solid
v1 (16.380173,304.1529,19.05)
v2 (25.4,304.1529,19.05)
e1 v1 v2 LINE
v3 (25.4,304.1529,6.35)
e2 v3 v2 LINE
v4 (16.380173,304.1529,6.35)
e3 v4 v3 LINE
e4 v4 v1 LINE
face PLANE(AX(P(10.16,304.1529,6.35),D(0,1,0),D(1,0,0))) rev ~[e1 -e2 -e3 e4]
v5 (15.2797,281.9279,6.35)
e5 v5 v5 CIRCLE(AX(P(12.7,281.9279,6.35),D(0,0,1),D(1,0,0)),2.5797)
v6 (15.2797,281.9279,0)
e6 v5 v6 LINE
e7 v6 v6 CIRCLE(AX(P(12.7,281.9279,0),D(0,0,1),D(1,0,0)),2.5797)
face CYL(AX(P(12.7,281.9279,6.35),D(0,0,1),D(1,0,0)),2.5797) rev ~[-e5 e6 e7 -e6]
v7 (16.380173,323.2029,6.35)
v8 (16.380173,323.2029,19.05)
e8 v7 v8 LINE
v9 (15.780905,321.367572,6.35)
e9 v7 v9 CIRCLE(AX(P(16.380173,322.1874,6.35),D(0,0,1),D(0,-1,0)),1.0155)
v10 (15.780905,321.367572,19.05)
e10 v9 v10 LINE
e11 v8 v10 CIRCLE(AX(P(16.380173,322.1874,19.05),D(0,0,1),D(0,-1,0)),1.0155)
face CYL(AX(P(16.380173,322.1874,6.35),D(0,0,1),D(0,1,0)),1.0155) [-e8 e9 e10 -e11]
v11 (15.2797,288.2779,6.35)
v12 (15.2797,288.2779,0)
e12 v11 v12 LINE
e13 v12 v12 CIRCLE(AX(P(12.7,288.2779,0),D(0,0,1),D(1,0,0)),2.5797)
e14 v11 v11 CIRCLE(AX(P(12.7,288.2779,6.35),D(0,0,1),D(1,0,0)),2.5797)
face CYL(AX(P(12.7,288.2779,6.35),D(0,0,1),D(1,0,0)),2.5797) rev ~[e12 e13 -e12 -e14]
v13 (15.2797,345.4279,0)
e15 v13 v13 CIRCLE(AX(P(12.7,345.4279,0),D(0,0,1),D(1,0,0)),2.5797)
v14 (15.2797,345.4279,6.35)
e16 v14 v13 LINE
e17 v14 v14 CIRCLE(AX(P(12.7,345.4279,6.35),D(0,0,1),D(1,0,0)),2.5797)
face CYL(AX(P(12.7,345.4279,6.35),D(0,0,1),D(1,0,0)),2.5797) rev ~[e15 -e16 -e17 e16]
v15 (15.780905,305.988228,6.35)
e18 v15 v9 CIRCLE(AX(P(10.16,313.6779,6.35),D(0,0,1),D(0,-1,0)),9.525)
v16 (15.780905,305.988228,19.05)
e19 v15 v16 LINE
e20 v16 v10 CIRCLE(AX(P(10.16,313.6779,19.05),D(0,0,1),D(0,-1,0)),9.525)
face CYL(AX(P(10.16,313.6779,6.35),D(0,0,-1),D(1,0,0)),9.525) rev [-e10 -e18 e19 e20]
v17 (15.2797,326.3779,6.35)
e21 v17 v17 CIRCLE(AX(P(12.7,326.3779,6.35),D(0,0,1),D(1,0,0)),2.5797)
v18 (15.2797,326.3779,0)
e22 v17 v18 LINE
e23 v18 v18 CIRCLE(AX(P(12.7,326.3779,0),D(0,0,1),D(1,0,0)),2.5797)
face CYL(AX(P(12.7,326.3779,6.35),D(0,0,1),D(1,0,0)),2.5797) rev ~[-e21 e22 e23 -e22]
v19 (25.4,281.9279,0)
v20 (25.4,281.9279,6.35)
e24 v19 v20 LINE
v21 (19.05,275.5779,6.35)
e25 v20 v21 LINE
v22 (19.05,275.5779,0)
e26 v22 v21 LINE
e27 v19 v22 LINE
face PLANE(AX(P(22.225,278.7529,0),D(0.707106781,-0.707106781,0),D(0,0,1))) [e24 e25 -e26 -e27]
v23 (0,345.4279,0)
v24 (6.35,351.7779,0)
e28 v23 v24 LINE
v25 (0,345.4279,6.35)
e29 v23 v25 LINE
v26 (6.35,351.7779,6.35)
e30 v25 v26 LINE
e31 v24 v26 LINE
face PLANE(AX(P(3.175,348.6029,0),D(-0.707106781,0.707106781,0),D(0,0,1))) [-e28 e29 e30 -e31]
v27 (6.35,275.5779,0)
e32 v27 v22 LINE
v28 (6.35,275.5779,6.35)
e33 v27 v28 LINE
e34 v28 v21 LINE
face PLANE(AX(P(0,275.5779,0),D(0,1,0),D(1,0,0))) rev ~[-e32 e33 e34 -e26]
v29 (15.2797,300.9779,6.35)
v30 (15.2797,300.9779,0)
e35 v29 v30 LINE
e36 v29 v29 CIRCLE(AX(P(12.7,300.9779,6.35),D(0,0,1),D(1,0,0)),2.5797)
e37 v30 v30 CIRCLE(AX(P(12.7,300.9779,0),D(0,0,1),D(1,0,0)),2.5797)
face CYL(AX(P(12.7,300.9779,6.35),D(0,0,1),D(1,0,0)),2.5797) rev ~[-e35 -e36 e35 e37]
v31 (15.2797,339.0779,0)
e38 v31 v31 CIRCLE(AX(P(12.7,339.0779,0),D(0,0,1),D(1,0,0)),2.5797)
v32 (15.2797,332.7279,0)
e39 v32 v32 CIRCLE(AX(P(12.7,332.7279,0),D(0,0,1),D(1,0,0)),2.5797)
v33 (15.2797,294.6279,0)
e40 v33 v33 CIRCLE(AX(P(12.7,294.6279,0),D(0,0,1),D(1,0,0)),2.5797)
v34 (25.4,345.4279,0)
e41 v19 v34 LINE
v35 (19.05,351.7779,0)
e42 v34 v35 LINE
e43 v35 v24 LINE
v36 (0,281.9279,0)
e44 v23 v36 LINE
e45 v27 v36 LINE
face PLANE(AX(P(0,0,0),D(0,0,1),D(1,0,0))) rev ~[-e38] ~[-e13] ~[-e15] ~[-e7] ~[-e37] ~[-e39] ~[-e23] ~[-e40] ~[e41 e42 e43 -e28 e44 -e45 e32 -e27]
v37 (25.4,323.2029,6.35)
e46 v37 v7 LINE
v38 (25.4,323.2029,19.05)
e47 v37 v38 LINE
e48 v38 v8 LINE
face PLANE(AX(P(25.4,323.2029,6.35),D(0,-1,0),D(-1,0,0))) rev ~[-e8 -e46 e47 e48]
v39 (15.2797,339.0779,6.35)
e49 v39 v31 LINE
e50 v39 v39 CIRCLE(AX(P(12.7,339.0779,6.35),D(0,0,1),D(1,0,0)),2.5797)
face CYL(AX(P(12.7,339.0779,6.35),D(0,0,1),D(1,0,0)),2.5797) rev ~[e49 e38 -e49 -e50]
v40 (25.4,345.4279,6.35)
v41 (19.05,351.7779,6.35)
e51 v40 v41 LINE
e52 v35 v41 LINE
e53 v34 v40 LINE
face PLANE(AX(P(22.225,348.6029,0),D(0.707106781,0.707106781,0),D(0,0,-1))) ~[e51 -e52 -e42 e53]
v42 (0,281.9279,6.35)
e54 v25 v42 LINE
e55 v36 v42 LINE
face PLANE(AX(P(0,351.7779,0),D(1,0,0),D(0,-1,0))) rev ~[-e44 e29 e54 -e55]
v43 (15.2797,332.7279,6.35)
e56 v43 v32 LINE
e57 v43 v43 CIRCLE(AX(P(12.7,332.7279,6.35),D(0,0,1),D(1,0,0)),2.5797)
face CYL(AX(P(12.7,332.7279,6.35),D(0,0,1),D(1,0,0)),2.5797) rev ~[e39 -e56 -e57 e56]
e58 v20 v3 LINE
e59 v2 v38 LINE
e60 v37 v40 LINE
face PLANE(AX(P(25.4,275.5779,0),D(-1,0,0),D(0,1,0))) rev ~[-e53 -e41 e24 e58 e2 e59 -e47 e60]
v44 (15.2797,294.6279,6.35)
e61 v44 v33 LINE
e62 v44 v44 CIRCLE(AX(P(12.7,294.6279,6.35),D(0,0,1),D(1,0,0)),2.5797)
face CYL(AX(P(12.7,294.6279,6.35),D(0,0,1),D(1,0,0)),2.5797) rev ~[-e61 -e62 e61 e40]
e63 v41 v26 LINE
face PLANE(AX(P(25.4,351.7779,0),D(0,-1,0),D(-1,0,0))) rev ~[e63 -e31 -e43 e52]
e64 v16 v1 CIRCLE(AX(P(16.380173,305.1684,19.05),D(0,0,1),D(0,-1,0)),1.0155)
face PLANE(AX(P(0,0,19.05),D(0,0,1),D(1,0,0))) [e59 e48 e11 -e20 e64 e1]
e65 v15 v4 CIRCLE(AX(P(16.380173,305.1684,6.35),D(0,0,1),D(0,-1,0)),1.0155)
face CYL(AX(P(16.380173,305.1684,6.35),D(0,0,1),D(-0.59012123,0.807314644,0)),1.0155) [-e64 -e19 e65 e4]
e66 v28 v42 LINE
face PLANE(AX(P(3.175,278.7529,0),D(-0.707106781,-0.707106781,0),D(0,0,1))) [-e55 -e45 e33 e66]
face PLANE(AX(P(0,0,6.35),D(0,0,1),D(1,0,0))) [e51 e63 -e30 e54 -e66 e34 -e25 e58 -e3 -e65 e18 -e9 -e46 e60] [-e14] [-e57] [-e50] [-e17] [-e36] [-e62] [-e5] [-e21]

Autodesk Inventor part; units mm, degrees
ref_plane "YZ Plane" through (0, 0, 0) normal (1, 0, 0) x (0, 1, 0)
ref_plane "XZ Plane" through (0, 0, 0) normal (0, 1, 0) x (-1, 0, 0)
ref_plane "XY Plane" through (0, 0, 0) normal (0, 0, 1) x (1, 0, 0)
sketch "Sketch1" plane through (0, 0, 0) normal (0, 0, 1) x (1, 0, 0)
  line L0 (0, 275.5779) -> (25.4, 275.5779)
  line L1 (25.4, 275.5779) -> (25.4, 351.7779)
  line L2 (25.4, 351.7779) -> (0, 351.7779)
  line L3 (0, 351.7779) -> (0, 275.5779)
  line L4 (0, 0) -> (0, 457.2) projected
  line L5 (25.4, 0) -> (25.4, 457.2) projected
  dimension "d0" = 76.2
  dimension "d1" = 25.4
extrude "Extrusion1" add sketch "Sketch1" along normal blind 6.35
sketch "Sketch2" plane through (0, 0, 6.35) normal (0, 0, 1) x (1, 0, 0)
  circle A0 centre (12.7, 281.9279) radius 2.5797
  line L0 (25.4, 275.5779) -> (25.4, 351.7779) projected
  line L1 (0, 275.5779) -> (25.4, 275.5779) projected
  circle A1 centre (12.7, 288.2779) radius 2.5797
  circle A2 centre (12.7, 294.6279) radius 2.5797
  circle A3 centre (12.7, 300.9779) radius 2.5797
  circle A4 centre (12.7, 326.3779) radius 2.5797
  circle A5 centre (12.7, 332.7279) radius 2.5797
  circle A6 centre (12.7, 339.0779) radius 2.5797
  circle A7 centre (12.7, 345.4279) radius 2.5797
  point P0 (0, 0)
  dimension "d4" = 12.7
  dimension "d5" = 6.35
  dimension "d6" = 5.1594
  dimension "d9" = 6.35
  dimension "d16" = 44.45
extrude "Extrusion2" cut sketch "Sketch2" against normal through all
sketch "Sketch3" plane through (0, 0, 6.35) normal (0, 0, 1) x (1, 0, 0)
  line L0 (10.16, 304.1529) -> (25.4, 304.1529)
  line L1 (25.4, 304.1529) -> (25.4, 323.2029)
  line L2 (25.4, 323.2029) -> (10.16, 323.2029)
  line L3 (10.16, 323.2029) -> (10.16, 304.1529)
  line L4 (25.4, 275.5779) -> (25.4, 351.7779) projected
  line L5 (25.4, 351.7779) -> (0, 351.7779) projected
  circle A0 centre (10.16, 313.6779) radius 9.525
  point P0 (0, 0)
  point P1 (10.16, 304.1529)
  point P2 (10.16, 323.2029)
  dimension "d23" = 15.24
  dimension "d24" = 28.575
  dimension "d25" = 19.05
extrude "Extrusion3" add sketch "Sketch3" along normal blind 12.7 contours A0 L2 L1 L0
fillet "Fillet1" radius 1.016 2 edges at (10.16, 304.1529, 12.7) (10.16, 323.2029, 12.7)
chamfer "Chamfer1" distance 6.35 angle 45 4 edges at (25.4, 351.7779, 3.175) (0, 351.7779, 3.175) (0, 275.5779, 3.175) (25.4, 275.5779, 3.175)
properties part number "ShaftRest"
